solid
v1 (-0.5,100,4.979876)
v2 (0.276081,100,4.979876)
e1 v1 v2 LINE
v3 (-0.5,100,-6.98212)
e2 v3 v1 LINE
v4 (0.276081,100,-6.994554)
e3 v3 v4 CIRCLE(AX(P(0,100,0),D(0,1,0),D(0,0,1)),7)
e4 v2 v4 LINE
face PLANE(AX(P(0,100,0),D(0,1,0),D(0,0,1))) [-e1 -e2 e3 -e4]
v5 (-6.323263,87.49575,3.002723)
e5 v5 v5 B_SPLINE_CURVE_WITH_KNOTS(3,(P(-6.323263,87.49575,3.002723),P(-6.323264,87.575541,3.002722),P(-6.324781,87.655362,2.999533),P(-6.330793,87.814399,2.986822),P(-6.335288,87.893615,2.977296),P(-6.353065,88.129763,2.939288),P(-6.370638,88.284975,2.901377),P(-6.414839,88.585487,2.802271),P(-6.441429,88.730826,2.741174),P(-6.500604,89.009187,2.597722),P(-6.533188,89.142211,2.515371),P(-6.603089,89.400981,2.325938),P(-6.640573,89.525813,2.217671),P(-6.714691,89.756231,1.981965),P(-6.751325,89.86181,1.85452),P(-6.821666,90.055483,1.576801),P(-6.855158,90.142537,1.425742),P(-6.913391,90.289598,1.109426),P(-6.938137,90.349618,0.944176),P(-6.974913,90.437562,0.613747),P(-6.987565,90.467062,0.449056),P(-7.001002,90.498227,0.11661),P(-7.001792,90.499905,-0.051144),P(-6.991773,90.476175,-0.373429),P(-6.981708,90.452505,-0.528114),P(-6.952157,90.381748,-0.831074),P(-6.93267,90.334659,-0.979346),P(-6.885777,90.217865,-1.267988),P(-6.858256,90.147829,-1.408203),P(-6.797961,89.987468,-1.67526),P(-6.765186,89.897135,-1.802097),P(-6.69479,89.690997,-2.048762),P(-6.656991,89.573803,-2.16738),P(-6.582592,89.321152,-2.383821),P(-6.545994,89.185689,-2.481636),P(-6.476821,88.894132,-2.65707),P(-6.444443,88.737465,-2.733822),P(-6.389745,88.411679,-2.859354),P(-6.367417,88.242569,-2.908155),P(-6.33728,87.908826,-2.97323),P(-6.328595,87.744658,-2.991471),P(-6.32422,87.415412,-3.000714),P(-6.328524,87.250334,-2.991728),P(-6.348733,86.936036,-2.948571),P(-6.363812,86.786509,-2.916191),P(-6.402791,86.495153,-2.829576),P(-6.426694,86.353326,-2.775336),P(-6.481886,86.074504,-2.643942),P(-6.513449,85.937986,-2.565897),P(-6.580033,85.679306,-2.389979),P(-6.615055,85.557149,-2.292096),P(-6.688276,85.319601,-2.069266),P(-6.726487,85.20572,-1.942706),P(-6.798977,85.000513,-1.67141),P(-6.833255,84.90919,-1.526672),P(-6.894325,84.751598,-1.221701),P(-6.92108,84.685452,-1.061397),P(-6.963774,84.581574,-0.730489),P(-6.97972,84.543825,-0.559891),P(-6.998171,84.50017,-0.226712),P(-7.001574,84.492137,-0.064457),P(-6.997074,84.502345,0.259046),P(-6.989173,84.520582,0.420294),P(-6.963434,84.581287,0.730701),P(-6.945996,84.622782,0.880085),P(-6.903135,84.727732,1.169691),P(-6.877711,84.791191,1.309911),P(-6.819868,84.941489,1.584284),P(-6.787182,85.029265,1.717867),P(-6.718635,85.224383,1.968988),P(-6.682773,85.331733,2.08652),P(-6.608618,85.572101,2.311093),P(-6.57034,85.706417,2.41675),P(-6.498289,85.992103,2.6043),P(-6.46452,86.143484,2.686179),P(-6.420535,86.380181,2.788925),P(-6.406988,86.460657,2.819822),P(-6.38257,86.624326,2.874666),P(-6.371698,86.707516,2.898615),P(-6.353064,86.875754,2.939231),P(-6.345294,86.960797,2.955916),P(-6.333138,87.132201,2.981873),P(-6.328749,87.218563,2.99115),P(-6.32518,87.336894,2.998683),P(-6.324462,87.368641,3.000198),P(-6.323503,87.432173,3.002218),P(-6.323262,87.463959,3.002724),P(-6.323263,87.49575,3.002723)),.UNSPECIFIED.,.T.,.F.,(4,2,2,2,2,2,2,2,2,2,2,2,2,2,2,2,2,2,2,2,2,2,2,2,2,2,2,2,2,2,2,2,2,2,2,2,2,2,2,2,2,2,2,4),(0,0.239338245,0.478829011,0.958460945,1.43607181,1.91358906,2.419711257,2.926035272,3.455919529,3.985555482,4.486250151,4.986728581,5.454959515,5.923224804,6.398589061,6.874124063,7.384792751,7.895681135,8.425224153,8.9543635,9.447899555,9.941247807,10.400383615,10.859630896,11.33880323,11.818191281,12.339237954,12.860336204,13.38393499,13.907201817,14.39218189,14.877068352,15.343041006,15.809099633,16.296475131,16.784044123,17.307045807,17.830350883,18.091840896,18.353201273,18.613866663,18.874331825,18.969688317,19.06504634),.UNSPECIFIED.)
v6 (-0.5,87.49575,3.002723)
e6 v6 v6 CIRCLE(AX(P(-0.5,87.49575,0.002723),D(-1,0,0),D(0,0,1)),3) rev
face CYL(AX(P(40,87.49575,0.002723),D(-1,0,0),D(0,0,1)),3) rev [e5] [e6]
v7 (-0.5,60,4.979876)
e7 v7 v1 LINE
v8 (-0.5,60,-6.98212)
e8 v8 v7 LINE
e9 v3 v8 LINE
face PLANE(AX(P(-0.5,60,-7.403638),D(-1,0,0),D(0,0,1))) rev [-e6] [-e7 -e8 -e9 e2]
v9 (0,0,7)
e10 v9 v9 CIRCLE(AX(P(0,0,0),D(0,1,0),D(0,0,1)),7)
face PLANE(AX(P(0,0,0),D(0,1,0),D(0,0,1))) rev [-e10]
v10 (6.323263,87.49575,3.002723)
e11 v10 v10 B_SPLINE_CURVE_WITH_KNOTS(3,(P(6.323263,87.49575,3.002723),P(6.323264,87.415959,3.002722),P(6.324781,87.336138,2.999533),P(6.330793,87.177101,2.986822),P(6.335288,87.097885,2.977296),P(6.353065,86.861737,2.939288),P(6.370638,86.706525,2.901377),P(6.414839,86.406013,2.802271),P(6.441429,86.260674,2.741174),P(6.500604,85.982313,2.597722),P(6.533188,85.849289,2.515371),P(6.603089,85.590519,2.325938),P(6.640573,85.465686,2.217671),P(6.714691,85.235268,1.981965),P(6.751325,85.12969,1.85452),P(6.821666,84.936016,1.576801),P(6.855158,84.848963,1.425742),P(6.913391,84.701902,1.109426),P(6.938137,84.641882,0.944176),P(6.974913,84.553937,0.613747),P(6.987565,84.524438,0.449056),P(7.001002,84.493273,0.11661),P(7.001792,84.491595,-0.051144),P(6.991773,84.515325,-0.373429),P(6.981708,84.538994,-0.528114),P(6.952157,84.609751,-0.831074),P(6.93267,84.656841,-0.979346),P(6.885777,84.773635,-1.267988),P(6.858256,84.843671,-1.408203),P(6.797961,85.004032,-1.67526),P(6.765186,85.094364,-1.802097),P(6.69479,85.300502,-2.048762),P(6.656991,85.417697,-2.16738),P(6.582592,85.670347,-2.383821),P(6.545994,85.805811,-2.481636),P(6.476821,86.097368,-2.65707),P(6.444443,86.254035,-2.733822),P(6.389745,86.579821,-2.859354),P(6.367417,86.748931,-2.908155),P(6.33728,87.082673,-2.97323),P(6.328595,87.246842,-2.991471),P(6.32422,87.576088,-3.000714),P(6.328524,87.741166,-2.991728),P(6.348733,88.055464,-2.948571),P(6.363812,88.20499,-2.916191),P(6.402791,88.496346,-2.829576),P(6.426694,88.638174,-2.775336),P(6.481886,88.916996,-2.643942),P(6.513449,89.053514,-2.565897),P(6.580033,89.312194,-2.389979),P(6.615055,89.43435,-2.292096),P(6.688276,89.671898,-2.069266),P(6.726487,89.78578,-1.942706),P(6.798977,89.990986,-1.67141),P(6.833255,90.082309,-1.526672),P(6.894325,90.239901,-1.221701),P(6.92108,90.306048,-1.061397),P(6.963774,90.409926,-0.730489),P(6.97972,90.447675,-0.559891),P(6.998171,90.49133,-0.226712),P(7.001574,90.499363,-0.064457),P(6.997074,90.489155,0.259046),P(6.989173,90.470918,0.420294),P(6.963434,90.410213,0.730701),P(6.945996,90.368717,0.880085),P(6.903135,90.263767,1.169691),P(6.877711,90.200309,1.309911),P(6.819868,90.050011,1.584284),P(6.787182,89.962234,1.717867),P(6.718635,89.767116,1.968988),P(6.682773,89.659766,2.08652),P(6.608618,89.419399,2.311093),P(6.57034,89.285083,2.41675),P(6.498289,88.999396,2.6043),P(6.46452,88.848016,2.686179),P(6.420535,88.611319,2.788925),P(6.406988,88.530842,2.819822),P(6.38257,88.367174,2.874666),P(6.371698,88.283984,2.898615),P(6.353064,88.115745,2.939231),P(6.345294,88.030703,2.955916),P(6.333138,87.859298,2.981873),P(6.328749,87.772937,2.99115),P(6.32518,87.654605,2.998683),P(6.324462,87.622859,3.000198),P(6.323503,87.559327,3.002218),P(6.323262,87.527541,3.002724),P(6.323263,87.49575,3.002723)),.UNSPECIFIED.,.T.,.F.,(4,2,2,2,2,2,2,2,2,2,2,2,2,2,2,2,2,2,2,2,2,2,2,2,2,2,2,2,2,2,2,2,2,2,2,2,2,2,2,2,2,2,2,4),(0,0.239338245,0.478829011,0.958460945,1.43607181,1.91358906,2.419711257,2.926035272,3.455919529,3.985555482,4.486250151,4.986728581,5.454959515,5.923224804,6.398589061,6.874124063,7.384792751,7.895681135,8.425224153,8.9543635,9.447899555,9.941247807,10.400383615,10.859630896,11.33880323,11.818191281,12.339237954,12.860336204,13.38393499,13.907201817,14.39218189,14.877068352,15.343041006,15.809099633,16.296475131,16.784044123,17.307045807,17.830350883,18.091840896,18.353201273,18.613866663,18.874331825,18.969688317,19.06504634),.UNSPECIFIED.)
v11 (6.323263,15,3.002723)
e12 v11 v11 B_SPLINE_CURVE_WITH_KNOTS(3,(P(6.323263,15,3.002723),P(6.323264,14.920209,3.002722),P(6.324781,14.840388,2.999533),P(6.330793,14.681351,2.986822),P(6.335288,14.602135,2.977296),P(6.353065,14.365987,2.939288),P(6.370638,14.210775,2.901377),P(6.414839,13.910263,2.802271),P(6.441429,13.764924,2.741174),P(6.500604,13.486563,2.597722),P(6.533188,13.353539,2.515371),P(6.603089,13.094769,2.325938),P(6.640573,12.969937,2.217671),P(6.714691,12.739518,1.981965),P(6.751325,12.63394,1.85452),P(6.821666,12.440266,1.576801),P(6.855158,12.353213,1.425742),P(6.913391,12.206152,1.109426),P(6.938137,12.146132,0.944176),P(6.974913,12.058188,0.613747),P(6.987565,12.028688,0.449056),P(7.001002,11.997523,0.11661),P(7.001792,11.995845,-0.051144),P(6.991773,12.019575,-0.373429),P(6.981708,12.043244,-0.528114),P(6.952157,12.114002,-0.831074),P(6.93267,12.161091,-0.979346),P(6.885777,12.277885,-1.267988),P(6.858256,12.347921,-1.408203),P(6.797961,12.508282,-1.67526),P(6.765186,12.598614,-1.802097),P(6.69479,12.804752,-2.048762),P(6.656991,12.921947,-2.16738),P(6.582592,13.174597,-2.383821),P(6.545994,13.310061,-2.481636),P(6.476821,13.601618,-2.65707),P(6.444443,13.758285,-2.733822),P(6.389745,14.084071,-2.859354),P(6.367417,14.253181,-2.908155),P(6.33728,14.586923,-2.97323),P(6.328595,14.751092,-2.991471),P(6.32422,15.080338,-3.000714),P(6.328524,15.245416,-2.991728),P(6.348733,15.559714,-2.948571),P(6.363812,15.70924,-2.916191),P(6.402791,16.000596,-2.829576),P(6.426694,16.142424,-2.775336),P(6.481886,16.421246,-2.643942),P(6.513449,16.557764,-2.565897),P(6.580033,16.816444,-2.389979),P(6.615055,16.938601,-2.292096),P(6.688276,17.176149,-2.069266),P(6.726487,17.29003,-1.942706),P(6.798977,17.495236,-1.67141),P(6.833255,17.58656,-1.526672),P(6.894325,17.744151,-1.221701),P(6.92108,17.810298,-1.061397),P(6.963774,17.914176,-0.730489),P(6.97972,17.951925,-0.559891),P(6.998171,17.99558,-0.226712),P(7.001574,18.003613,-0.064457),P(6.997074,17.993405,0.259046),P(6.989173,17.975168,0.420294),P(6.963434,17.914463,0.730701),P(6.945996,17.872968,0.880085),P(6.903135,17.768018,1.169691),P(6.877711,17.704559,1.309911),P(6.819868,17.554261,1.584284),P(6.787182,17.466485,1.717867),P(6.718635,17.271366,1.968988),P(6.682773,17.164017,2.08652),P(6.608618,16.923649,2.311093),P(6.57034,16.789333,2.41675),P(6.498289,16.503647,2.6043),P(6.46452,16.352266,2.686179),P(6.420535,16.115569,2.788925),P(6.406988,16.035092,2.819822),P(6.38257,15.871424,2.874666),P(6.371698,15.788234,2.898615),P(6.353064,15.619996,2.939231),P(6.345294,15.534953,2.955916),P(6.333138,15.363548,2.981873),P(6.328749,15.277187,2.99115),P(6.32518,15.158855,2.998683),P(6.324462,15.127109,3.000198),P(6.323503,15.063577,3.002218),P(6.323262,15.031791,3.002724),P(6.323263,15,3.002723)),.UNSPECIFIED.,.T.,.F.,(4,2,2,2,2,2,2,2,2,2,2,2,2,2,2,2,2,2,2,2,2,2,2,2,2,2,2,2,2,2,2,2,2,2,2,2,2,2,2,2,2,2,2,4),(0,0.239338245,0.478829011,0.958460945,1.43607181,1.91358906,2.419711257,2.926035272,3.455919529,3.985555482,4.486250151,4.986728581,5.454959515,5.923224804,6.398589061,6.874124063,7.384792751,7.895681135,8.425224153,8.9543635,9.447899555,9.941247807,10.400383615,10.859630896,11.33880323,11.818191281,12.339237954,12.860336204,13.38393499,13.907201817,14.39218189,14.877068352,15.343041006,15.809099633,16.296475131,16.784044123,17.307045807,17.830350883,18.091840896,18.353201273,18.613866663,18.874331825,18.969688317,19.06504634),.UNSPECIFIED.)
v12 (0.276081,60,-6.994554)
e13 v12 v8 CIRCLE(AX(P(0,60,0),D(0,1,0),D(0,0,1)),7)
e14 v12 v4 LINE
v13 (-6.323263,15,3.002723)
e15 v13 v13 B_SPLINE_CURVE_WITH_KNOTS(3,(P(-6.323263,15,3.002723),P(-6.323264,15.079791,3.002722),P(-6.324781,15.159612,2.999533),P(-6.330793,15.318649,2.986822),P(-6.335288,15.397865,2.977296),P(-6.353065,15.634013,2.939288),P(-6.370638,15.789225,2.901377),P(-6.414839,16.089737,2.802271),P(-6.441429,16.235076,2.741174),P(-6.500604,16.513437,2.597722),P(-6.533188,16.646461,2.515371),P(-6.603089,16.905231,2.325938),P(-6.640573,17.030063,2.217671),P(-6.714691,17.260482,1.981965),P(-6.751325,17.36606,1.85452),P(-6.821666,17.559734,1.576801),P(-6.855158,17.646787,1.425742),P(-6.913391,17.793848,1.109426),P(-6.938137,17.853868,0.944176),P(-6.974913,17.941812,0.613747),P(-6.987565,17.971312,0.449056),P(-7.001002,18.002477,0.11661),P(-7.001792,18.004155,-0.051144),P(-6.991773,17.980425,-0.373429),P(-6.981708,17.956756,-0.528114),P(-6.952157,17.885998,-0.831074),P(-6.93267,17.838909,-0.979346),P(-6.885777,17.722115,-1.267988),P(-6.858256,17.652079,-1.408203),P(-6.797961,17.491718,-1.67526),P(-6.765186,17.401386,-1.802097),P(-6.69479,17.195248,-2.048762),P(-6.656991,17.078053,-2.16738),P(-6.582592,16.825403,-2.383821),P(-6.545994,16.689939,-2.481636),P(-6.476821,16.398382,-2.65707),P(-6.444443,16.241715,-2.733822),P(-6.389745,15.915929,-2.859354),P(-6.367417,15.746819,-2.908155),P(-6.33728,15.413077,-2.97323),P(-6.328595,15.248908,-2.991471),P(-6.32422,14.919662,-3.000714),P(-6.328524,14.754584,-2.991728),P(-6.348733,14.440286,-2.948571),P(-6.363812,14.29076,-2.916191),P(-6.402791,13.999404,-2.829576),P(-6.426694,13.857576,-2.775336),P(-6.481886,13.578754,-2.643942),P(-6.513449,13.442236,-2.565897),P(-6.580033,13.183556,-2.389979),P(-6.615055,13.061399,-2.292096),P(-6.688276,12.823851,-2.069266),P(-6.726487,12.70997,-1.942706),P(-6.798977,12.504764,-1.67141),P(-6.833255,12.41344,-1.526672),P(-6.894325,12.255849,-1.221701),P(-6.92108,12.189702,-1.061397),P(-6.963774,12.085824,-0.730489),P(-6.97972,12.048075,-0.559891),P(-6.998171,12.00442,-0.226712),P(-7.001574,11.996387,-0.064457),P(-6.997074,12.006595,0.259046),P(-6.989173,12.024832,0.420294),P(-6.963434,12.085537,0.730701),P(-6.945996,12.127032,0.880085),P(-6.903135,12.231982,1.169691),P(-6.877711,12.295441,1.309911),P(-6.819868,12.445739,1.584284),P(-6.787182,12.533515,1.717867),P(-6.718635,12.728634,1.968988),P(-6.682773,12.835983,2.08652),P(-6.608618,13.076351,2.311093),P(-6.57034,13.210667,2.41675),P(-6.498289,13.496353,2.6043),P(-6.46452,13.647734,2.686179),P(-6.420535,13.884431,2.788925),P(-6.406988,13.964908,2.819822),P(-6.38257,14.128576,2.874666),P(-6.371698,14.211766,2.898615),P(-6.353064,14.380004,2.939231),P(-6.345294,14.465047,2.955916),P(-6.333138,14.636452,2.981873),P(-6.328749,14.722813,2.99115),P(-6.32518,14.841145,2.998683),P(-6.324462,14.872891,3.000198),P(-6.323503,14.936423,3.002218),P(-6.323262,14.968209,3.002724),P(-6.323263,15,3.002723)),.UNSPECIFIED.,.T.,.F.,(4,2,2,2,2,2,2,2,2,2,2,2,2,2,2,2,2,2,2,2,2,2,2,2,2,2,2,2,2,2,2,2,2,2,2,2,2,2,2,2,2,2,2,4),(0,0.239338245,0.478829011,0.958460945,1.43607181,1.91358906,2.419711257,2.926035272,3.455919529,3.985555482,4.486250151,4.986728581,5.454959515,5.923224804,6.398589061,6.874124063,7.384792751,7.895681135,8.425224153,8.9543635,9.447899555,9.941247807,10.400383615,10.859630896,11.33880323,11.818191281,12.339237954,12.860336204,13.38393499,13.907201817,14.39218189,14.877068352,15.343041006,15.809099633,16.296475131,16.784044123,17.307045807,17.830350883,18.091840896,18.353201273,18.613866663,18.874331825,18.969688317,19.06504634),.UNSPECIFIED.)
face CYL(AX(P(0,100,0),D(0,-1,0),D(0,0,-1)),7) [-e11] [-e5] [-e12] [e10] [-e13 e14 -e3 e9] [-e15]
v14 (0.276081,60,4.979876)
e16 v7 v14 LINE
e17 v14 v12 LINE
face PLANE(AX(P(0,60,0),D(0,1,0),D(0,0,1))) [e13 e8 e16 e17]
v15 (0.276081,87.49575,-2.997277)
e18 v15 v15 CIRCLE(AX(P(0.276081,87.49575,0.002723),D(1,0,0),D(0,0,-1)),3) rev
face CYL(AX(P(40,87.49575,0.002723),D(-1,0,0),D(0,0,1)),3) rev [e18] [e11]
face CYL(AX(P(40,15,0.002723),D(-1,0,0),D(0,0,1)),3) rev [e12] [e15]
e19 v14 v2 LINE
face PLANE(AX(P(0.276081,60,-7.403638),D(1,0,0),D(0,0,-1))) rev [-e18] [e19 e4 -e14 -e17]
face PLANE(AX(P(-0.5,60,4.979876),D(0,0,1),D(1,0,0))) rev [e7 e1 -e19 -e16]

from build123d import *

# Parameters (mm, degrees)
SKETCH1_R               = 7
BOSS_EXTRUDE1_DEPTH     = 100
SKETCH2_W               = 0.776080751
SKETCH2_H               = 12.3835138
CUT_EXTRUDE1_DEPTH      = 40
CUT_EXTRUDE2_DEPTH      = 40
CUT_EXTRUDE2_DEPTH_BACK = 40
SKETCH3_R               = 3


with BuildPart() as part:
    # Sketch1 → Boss-Extrude1 (new body)
    with BuildSketch(Plane(origin=(0, 0, 0), x_dir=(1, 0, 0), z_dir=(0, 1, 0))):
        with Locations(Location((0, 0, 0), (0, 0, 270))):
            Circle(SKETCH1_R)
    extrude(amount=BOSS_EXTRUDE1_DEPTH)

    # Sketch2 → Cut-Extrude1 (cut)
    with BuildSketch(Plane(origin=(0, 100, 0), x_dir=(1, 0, 0), z_dir=(0, 1, 0))):
        with Locations((-0.111959624, 1.211880607)):
            Rectangle(SKETCH2_W, SKETCH2_H)
    extrude(amount=-CUT_EXTRUDE1_DEPTH, mode=Mode.SUBTRACT)

    # Sketch3 → Cut-Extrude2 (cut, two sides: drawn at the far end of the back side and taken through both)
    with BuildSketch(Plane(origin=(0, 0, 0), x_dir=(0, 0, -1), z_dir=(1, 0, 0)).offset(-CUT_EXTRUDE2_DEPTH_BACK)):
        with Locations(Location((-0.002723223, 15, 0), (0, 0, 180))):
            Circle(SKETCH3_R)
        with Locations(Location((-0.002723223, 87.495749825, 0), (0, 0, 180))):
            Circle(SKETCH3_R)
    extrude(amount=CUT_EXTRUDE2_DEPTH + CUT_EXTRUDE2_DEPTH_BACK, mode=Mode.SUBTRACT)


solid = part.part
